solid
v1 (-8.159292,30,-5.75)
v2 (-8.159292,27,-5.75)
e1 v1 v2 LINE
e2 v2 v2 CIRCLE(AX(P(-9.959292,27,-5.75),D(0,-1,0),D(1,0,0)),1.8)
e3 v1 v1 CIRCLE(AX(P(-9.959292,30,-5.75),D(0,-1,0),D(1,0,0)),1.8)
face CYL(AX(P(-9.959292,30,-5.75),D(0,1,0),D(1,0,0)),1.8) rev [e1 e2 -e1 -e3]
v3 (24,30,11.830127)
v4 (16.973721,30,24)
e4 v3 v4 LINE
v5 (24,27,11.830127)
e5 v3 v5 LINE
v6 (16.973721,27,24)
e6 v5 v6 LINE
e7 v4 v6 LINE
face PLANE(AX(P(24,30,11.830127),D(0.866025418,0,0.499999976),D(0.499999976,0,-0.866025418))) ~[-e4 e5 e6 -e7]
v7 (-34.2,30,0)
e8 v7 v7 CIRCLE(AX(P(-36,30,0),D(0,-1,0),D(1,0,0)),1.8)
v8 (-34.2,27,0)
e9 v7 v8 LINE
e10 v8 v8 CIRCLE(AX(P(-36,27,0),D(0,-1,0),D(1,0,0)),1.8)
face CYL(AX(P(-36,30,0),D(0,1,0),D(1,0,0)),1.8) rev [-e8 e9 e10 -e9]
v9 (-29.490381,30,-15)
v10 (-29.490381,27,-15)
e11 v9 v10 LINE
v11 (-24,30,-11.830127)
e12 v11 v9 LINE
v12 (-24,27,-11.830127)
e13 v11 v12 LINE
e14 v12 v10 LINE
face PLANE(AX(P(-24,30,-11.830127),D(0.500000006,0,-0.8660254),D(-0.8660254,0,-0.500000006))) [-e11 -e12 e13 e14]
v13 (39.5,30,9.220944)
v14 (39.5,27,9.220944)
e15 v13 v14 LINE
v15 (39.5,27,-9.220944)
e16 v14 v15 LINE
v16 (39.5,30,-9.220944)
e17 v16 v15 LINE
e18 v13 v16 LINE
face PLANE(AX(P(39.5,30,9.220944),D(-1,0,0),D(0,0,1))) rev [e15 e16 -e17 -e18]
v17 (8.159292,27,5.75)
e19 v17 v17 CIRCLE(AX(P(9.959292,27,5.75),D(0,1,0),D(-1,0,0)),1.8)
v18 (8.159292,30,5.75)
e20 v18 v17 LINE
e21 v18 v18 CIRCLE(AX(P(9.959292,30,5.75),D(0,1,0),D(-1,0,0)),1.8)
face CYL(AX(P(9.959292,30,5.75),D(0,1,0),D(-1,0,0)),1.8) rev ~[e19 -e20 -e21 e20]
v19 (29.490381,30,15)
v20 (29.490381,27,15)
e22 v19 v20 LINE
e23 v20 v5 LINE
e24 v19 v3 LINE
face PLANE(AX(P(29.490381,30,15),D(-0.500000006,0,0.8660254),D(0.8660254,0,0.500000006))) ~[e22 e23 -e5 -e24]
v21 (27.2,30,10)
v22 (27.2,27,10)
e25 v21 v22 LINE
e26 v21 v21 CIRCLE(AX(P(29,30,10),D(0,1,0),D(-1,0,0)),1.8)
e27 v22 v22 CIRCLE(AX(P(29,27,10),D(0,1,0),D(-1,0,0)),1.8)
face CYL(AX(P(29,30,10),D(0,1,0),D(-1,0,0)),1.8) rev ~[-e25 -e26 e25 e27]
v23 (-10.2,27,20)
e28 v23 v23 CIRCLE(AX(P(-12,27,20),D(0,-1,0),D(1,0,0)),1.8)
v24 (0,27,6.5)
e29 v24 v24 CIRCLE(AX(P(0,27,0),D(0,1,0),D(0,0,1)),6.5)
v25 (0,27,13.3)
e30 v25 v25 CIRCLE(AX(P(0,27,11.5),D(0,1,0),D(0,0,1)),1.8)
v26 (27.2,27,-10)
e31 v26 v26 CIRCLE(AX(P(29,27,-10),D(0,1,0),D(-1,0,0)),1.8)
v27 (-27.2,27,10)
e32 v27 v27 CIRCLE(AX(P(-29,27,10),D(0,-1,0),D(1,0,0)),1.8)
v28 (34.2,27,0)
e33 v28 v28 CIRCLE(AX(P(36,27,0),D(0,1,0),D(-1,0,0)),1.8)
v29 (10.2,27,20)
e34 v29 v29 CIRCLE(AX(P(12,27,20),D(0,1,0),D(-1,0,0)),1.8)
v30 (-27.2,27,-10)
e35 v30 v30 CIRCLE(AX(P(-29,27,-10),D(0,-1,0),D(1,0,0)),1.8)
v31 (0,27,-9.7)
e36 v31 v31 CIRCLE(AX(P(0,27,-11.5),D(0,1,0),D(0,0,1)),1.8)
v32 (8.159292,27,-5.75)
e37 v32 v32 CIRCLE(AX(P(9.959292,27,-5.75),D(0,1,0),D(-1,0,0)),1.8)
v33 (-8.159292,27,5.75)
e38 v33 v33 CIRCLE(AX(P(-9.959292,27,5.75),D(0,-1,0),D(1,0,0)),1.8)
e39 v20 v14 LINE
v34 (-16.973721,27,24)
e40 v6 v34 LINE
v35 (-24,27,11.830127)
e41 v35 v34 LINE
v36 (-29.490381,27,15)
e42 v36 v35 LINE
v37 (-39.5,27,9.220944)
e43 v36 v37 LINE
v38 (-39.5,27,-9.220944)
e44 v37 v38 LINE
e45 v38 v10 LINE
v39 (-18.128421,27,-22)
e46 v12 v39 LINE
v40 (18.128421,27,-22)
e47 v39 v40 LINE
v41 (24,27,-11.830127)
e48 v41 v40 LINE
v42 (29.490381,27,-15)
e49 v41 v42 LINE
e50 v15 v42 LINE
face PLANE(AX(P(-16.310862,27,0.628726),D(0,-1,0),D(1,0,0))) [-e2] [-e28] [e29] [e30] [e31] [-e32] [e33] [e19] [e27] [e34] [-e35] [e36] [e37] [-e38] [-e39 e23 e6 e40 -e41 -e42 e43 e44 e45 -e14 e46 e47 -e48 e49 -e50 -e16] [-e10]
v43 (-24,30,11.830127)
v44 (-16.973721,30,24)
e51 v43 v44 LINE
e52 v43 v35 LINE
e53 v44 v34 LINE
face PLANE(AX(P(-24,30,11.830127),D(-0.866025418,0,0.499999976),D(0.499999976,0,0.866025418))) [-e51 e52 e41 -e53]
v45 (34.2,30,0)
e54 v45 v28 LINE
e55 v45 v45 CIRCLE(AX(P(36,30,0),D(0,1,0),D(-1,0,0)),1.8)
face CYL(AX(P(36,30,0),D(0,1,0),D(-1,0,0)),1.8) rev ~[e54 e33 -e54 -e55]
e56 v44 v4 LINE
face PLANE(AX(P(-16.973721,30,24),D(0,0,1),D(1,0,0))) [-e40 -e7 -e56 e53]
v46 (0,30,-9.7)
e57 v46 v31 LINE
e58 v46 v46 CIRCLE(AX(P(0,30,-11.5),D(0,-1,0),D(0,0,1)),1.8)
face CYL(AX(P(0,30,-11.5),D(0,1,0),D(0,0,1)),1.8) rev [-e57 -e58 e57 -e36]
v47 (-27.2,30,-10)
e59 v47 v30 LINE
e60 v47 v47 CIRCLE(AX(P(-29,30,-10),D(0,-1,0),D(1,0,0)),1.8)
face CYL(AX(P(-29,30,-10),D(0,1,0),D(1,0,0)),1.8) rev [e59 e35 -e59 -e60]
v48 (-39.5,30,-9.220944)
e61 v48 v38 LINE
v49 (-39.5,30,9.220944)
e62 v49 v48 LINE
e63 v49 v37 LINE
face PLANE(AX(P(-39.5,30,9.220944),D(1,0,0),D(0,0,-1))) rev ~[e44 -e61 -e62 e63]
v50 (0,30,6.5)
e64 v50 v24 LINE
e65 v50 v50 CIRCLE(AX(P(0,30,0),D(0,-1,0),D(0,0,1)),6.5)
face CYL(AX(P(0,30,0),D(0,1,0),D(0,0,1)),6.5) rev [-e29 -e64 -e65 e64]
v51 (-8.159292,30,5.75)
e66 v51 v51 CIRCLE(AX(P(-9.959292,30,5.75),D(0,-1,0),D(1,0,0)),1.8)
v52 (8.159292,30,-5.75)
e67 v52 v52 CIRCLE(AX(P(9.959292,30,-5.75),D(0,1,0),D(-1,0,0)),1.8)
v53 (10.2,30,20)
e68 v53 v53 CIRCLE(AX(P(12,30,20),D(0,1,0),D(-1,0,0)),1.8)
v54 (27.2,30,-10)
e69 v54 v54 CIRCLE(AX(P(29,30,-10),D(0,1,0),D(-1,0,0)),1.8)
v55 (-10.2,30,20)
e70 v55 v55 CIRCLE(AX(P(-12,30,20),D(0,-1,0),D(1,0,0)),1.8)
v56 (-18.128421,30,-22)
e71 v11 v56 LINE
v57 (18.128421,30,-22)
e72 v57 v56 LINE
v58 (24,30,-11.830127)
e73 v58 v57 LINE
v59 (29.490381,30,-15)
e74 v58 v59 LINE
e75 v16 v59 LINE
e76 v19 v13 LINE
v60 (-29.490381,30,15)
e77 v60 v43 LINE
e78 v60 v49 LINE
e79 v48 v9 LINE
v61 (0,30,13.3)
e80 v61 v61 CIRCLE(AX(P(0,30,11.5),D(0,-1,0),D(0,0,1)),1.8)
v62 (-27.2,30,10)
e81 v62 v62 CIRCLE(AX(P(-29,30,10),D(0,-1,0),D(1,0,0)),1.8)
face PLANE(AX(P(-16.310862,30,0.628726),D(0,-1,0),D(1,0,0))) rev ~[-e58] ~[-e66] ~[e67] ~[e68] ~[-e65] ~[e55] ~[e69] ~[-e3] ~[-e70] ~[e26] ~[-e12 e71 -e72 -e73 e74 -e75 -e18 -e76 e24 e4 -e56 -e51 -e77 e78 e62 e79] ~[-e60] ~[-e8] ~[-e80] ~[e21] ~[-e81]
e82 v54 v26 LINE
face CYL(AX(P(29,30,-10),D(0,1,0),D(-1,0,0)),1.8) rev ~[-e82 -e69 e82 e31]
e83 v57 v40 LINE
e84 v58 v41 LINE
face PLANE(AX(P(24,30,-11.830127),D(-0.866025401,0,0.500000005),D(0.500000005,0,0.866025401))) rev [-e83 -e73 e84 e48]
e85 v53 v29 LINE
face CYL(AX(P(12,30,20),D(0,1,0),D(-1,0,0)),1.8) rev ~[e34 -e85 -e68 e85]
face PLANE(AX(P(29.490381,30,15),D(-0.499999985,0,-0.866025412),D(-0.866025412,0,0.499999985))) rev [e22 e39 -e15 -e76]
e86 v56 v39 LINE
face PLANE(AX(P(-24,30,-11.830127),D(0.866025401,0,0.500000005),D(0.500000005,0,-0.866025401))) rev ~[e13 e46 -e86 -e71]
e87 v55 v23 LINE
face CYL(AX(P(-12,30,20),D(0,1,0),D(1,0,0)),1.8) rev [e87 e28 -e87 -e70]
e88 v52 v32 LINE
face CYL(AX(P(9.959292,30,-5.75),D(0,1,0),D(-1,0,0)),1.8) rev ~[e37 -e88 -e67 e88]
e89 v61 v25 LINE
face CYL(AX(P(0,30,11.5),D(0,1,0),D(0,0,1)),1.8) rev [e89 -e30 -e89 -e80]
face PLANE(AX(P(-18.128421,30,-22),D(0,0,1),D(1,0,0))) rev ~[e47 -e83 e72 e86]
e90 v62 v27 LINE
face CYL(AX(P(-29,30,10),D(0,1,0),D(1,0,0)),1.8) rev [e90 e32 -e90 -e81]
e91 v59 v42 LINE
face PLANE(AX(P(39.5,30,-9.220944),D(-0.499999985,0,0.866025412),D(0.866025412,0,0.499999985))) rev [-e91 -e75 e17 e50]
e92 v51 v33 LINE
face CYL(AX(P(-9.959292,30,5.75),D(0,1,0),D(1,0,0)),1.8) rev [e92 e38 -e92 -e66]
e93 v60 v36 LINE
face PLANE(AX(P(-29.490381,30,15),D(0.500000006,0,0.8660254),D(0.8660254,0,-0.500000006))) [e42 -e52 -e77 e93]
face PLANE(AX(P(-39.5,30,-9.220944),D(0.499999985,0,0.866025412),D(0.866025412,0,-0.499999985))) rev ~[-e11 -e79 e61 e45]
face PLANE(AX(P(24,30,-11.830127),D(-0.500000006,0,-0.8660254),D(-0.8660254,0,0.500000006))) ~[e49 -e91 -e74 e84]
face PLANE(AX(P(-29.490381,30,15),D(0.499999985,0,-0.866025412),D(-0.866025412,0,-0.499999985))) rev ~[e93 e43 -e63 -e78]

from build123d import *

# Parameters (mm, degrees)
SKETCH157_R  = 1.8
PAD122_DEPTH = 3


with BuildPart() as pad122:
    # Sketch157 → Pad122 (new body)
    with BuildSketch(Plane.XZ.offset(-30)):
        with BuildLine():
            Line((-29.490381, 15), (-39.5, 9.220944))
            Line((-39.5, 9.220944), (-39.5, -9.220944))
            Line((-39.5, -9.220944), (-29.490381, -15))
            Line((-24, -11.830127), (-29.490381, -15))
            Line((-24, -11.830127), (-18.128421, -22))
            Line((-18.128421, -22), (0, -22))
            Line((0, -13.3), (0, -22))
            ThreePointArc((0, -9.7), (-1.8, -11.5), (0, -13.3))
            Line((0, -6.5), (0, -9.7))
            ThreePointArc((0, 6.5), (-6.5, 0), (0, -6.5))
            Line((0, 9.7), (0, 6.5))
            ThreePointArc((0, 13.3), (-1.8, 11.5), (0, 9.7))
            Line((0, 13.3), (0, 24))
            Line((-16.973721, 24), (0, 24))
            Line((-24, 11.830127), (-16.973721, 24))
            Line((-29.490381, 15), (-24, 11.830127))
        make_face()
        with Locations((-29, 10)):
            Circle(SKETCH157_R, mode=Mode.SUBTRACT)
        with Locations((-29, -10)):
            Circle(SKETCH157_R, mode=Mode.SUBTRACT)
        with Locations((-12, 20)):
            Circle(SKETCH157_R, mode=Mode.SUBTRACT)
        with Locations((-9.959292, 5.75)):
            Circle(SKETCH157_R, mode=Mode.SUBTRACT)
        with Locations((-9.959292, -5.75)):
            Circle(SKETCH157_R, mode=Mode.SUBTRACT)
        with Locations((-36, 0)):
            Circle(SKETCH157_R, mode=Mode.SUBTRACT)
    extrude(amount=PAD122_DEPTH)


with BuildPart() as motorcageface:
    # Part__Mirroring008: instance of Pad122
    add(pad122.part.mirror(Plane(origin=(0, 0, 0), x_dir=(0, -1, 0), z_dir=(1, 0, 0))))

    # Fusion004020015: union Pad122
    add(pad122.part)


solid = motorcageface.part
